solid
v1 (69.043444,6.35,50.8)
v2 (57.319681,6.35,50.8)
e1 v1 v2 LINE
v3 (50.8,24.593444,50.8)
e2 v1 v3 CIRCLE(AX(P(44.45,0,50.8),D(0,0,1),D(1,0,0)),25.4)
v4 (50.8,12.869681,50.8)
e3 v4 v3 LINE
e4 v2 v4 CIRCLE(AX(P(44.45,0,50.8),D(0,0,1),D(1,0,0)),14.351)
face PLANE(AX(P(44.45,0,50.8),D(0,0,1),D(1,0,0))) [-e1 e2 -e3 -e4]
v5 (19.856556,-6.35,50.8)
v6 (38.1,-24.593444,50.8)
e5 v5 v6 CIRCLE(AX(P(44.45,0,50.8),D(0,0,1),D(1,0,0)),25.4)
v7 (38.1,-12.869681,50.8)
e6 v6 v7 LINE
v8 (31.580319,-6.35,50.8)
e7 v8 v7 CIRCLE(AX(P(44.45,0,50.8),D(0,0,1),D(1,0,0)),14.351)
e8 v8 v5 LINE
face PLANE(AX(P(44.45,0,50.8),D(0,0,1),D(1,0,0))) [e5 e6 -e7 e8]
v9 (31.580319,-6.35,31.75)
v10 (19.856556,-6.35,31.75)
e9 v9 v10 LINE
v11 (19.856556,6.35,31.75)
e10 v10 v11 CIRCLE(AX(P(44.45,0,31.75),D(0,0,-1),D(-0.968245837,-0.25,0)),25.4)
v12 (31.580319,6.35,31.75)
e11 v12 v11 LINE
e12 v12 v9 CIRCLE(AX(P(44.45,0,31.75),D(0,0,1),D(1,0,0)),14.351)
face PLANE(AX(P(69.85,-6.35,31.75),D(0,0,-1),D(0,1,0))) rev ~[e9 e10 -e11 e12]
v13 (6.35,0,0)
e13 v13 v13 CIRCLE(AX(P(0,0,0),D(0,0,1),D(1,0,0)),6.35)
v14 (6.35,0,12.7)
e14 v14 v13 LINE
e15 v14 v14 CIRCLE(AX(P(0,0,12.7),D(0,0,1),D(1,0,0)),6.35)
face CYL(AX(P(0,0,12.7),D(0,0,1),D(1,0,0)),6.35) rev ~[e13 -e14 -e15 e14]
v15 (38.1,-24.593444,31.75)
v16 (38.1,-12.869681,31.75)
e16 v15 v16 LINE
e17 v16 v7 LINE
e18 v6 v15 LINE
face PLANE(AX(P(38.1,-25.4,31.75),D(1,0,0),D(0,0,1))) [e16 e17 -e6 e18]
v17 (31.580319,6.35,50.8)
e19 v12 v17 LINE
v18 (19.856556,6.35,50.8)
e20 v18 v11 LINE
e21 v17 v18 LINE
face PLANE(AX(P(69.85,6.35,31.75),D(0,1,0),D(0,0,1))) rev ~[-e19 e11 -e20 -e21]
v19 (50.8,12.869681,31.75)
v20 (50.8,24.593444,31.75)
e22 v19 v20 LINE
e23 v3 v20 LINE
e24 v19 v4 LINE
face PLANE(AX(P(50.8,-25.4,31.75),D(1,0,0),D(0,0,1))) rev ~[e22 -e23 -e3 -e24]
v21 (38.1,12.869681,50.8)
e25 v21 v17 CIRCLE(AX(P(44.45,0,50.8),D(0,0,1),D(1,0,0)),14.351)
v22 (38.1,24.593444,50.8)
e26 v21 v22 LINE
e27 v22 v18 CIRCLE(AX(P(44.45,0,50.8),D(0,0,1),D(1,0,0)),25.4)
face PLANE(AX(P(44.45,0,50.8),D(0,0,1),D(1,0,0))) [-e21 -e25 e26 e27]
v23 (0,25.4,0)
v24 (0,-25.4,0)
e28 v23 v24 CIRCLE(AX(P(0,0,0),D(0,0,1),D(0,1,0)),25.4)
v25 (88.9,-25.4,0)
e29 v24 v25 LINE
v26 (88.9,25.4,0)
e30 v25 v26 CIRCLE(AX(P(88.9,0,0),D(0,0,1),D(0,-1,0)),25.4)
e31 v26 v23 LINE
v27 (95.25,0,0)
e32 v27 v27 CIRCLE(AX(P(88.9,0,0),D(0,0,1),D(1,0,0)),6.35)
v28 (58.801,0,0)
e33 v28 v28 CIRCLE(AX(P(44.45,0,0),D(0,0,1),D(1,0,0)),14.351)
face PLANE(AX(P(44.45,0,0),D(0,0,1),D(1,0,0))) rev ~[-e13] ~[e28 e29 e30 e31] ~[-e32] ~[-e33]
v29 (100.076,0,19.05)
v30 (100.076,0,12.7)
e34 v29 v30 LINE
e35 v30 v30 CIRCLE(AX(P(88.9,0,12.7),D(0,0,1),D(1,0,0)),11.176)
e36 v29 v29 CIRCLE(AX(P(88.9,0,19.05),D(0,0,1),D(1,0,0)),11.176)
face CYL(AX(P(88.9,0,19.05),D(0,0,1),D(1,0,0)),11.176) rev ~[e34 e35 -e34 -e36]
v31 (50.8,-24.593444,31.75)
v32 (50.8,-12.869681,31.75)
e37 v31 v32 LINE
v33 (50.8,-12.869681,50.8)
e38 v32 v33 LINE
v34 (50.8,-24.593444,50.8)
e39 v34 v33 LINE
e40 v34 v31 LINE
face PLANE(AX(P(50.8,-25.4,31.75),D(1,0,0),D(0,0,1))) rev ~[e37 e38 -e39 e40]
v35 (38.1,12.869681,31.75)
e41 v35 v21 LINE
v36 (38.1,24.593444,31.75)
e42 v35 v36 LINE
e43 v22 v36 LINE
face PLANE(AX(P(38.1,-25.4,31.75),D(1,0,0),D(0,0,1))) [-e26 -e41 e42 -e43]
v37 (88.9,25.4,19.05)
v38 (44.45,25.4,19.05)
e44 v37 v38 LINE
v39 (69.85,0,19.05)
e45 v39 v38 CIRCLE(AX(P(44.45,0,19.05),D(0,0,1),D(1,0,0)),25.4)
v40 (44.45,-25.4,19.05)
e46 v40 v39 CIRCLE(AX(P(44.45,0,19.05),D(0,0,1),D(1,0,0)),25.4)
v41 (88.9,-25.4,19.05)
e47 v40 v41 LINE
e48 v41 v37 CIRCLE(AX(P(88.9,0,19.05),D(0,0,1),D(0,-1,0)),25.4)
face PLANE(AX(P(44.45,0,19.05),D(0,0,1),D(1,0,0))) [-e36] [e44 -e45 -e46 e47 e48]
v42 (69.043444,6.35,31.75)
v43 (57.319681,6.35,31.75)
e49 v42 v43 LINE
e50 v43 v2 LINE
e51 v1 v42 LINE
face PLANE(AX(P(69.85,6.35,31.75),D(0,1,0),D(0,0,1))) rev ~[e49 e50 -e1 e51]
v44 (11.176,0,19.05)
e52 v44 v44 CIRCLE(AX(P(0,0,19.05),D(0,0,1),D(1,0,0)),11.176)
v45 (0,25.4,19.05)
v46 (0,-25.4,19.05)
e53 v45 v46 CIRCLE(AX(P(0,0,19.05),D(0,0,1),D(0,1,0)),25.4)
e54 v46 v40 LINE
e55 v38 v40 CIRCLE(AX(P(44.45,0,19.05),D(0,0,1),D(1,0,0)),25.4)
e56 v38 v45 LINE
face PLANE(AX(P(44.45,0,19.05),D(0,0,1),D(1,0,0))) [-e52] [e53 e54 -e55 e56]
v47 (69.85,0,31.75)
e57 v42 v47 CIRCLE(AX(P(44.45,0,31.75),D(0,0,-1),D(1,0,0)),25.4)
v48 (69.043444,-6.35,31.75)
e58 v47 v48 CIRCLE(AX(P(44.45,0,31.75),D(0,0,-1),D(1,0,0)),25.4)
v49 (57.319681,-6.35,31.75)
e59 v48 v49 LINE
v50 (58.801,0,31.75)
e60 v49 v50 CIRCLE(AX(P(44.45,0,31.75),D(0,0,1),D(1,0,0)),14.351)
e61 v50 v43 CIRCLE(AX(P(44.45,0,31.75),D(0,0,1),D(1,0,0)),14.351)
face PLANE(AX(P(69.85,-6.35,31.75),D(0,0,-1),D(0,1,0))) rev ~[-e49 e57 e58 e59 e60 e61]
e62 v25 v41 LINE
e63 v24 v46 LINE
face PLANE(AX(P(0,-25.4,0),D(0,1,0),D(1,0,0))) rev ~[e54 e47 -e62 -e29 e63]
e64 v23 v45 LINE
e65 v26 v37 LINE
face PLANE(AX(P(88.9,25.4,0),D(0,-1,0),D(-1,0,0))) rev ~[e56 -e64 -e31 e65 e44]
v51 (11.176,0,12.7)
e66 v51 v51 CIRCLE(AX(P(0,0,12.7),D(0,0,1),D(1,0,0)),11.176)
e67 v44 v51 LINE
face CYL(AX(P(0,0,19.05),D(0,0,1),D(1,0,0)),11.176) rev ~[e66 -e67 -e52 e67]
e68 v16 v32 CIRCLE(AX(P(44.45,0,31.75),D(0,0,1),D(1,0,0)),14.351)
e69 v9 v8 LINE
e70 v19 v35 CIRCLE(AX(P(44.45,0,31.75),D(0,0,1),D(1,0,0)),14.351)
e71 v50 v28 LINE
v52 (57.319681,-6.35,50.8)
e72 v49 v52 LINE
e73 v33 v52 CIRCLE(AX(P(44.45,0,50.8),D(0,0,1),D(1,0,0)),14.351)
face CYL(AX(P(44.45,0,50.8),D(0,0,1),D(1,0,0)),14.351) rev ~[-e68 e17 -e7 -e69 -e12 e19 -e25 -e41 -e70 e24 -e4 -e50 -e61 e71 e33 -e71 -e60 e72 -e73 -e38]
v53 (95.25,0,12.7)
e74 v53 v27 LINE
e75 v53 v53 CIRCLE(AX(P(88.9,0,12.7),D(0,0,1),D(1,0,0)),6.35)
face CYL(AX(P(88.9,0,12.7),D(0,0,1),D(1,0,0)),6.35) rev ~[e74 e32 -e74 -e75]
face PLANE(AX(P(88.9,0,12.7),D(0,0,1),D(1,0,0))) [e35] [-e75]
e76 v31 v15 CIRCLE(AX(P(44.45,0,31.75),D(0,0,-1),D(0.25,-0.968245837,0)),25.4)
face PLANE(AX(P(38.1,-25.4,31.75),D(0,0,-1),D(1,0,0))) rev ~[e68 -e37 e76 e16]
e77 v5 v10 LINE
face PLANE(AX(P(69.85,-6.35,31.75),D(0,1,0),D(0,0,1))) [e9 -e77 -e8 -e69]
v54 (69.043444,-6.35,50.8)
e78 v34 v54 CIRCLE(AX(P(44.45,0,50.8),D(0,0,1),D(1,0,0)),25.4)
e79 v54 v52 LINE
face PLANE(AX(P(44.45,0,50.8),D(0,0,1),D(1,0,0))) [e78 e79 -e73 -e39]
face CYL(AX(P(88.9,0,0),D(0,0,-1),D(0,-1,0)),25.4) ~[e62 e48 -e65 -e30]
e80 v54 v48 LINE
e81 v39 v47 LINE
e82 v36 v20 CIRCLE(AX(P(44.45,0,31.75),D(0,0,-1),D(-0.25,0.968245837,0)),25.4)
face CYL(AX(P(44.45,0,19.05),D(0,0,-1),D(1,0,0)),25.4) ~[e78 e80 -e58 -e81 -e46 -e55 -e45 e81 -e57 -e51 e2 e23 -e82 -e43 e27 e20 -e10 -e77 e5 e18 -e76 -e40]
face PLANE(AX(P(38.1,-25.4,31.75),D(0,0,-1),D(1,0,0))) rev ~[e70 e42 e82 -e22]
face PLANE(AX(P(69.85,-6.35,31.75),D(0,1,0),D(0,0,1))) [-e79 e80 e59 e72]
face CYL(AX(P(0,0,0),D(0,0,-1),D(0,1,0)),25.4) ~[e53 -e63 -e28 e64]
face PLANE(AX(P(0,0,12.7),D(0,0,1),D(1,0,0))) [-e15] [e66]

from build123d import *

# Parameters (mm, degrees)
F1_DEPTH  = 19.05
F2_R      = 11.176
F3_DEPTH  = 6.35
F4_R      = 6.35
F5_DEPTH  = 25.4
F6_R      = 6.35
F7_DEPTH  = 25.4
F8_R      = 25.4
F9_DEPTH  = 31.75
F10_R     = 14.351
F11_DEPTH = 50.8
F12_W     = 12.7
F12_H     = 19.05
F13_DEPTH = 50.8
F15_W     = 12.7
F15_H     = 19.05
F16_DEPTH = 50.8


with BuildPart() as f1:
    # F0 (on Top) → F1 (new body)
    with BuildSketch(Plane.XY):
        with BuildLine():
            Line((88.9, 25.4), (0, 25.4))
            ThreePointArc((0, 25.4), (-25.4, 0), (0, -25.4))
            Line((0, -25.4), (88.9, -25.4))
            ThreePointArc((88.9, -25.4), (114.3, 0), (88.9, 25.4))
        make_face()
    extrude(amount=F1_DEPTH)

    # F2 (on face) → F3 (cut)
    with BuildSketch(Plane.XY.offset(19.05)):
        Circle(F2_R)
        with Locations((88.9, 0)):
            Circle(F2_R)
    extrude(amount=-F3_DEPTH, mode=Mode.SUBTRACT)

    # F4 (on face) → F5 (cut)
    with BuildSketch(Plane.XY.offset(12.7)):
        Circle(F4_R)
    extrude(amount=-F5_DEPTH, mode=Mode.SUBTRACT)

    # F6 (on face) → F7 (cut)
    with BuildSketch(Plane.XY.offset(12.7)):
        with Locations((88.9, 0)):
            Circle(F6_R)
    extrude(amount=-F7_DEPTH, mode=Mode.SUBTRACT)

    # F8 (on face) → F9 (join)
    with BuildSketch(Plane.XY.offset(19.05)):
        with Locations((44.45, 0)):
            Circle(F8_R)
    extrude(amount=F9_DEPTH)

    # F10 (on face) → F11 (cut)
    with BuildSketch(Plane.XY.offset(50.8)):
        with Locations((44.45, 0)):
            Circle(F10_R)
    extrude(amount=-F11_DEPTH, mode=Mode.SUBTRACT)

    # F12 (on face) → F13 (cut)
    with BuildSketch(Plane.XZ.offset(25.4)):
        with Locations((44.45, 41.275)):
            Rectangle(F12_W, F12_H)
    extrude(amount=-F13_DEPTH, mode=Mode.SUBTRACT)

    # F15 (on offset) → F16 (cut)
    with BuildSketch(Plane.YZ.offset(69.85)):
        with Locations((0, 41.275)):
            Rectangle(F15_W, F15_H)
    extrude(amount=-F16_DEPTH, mode=Mode.SUBTRACT)


solid = f1.part
